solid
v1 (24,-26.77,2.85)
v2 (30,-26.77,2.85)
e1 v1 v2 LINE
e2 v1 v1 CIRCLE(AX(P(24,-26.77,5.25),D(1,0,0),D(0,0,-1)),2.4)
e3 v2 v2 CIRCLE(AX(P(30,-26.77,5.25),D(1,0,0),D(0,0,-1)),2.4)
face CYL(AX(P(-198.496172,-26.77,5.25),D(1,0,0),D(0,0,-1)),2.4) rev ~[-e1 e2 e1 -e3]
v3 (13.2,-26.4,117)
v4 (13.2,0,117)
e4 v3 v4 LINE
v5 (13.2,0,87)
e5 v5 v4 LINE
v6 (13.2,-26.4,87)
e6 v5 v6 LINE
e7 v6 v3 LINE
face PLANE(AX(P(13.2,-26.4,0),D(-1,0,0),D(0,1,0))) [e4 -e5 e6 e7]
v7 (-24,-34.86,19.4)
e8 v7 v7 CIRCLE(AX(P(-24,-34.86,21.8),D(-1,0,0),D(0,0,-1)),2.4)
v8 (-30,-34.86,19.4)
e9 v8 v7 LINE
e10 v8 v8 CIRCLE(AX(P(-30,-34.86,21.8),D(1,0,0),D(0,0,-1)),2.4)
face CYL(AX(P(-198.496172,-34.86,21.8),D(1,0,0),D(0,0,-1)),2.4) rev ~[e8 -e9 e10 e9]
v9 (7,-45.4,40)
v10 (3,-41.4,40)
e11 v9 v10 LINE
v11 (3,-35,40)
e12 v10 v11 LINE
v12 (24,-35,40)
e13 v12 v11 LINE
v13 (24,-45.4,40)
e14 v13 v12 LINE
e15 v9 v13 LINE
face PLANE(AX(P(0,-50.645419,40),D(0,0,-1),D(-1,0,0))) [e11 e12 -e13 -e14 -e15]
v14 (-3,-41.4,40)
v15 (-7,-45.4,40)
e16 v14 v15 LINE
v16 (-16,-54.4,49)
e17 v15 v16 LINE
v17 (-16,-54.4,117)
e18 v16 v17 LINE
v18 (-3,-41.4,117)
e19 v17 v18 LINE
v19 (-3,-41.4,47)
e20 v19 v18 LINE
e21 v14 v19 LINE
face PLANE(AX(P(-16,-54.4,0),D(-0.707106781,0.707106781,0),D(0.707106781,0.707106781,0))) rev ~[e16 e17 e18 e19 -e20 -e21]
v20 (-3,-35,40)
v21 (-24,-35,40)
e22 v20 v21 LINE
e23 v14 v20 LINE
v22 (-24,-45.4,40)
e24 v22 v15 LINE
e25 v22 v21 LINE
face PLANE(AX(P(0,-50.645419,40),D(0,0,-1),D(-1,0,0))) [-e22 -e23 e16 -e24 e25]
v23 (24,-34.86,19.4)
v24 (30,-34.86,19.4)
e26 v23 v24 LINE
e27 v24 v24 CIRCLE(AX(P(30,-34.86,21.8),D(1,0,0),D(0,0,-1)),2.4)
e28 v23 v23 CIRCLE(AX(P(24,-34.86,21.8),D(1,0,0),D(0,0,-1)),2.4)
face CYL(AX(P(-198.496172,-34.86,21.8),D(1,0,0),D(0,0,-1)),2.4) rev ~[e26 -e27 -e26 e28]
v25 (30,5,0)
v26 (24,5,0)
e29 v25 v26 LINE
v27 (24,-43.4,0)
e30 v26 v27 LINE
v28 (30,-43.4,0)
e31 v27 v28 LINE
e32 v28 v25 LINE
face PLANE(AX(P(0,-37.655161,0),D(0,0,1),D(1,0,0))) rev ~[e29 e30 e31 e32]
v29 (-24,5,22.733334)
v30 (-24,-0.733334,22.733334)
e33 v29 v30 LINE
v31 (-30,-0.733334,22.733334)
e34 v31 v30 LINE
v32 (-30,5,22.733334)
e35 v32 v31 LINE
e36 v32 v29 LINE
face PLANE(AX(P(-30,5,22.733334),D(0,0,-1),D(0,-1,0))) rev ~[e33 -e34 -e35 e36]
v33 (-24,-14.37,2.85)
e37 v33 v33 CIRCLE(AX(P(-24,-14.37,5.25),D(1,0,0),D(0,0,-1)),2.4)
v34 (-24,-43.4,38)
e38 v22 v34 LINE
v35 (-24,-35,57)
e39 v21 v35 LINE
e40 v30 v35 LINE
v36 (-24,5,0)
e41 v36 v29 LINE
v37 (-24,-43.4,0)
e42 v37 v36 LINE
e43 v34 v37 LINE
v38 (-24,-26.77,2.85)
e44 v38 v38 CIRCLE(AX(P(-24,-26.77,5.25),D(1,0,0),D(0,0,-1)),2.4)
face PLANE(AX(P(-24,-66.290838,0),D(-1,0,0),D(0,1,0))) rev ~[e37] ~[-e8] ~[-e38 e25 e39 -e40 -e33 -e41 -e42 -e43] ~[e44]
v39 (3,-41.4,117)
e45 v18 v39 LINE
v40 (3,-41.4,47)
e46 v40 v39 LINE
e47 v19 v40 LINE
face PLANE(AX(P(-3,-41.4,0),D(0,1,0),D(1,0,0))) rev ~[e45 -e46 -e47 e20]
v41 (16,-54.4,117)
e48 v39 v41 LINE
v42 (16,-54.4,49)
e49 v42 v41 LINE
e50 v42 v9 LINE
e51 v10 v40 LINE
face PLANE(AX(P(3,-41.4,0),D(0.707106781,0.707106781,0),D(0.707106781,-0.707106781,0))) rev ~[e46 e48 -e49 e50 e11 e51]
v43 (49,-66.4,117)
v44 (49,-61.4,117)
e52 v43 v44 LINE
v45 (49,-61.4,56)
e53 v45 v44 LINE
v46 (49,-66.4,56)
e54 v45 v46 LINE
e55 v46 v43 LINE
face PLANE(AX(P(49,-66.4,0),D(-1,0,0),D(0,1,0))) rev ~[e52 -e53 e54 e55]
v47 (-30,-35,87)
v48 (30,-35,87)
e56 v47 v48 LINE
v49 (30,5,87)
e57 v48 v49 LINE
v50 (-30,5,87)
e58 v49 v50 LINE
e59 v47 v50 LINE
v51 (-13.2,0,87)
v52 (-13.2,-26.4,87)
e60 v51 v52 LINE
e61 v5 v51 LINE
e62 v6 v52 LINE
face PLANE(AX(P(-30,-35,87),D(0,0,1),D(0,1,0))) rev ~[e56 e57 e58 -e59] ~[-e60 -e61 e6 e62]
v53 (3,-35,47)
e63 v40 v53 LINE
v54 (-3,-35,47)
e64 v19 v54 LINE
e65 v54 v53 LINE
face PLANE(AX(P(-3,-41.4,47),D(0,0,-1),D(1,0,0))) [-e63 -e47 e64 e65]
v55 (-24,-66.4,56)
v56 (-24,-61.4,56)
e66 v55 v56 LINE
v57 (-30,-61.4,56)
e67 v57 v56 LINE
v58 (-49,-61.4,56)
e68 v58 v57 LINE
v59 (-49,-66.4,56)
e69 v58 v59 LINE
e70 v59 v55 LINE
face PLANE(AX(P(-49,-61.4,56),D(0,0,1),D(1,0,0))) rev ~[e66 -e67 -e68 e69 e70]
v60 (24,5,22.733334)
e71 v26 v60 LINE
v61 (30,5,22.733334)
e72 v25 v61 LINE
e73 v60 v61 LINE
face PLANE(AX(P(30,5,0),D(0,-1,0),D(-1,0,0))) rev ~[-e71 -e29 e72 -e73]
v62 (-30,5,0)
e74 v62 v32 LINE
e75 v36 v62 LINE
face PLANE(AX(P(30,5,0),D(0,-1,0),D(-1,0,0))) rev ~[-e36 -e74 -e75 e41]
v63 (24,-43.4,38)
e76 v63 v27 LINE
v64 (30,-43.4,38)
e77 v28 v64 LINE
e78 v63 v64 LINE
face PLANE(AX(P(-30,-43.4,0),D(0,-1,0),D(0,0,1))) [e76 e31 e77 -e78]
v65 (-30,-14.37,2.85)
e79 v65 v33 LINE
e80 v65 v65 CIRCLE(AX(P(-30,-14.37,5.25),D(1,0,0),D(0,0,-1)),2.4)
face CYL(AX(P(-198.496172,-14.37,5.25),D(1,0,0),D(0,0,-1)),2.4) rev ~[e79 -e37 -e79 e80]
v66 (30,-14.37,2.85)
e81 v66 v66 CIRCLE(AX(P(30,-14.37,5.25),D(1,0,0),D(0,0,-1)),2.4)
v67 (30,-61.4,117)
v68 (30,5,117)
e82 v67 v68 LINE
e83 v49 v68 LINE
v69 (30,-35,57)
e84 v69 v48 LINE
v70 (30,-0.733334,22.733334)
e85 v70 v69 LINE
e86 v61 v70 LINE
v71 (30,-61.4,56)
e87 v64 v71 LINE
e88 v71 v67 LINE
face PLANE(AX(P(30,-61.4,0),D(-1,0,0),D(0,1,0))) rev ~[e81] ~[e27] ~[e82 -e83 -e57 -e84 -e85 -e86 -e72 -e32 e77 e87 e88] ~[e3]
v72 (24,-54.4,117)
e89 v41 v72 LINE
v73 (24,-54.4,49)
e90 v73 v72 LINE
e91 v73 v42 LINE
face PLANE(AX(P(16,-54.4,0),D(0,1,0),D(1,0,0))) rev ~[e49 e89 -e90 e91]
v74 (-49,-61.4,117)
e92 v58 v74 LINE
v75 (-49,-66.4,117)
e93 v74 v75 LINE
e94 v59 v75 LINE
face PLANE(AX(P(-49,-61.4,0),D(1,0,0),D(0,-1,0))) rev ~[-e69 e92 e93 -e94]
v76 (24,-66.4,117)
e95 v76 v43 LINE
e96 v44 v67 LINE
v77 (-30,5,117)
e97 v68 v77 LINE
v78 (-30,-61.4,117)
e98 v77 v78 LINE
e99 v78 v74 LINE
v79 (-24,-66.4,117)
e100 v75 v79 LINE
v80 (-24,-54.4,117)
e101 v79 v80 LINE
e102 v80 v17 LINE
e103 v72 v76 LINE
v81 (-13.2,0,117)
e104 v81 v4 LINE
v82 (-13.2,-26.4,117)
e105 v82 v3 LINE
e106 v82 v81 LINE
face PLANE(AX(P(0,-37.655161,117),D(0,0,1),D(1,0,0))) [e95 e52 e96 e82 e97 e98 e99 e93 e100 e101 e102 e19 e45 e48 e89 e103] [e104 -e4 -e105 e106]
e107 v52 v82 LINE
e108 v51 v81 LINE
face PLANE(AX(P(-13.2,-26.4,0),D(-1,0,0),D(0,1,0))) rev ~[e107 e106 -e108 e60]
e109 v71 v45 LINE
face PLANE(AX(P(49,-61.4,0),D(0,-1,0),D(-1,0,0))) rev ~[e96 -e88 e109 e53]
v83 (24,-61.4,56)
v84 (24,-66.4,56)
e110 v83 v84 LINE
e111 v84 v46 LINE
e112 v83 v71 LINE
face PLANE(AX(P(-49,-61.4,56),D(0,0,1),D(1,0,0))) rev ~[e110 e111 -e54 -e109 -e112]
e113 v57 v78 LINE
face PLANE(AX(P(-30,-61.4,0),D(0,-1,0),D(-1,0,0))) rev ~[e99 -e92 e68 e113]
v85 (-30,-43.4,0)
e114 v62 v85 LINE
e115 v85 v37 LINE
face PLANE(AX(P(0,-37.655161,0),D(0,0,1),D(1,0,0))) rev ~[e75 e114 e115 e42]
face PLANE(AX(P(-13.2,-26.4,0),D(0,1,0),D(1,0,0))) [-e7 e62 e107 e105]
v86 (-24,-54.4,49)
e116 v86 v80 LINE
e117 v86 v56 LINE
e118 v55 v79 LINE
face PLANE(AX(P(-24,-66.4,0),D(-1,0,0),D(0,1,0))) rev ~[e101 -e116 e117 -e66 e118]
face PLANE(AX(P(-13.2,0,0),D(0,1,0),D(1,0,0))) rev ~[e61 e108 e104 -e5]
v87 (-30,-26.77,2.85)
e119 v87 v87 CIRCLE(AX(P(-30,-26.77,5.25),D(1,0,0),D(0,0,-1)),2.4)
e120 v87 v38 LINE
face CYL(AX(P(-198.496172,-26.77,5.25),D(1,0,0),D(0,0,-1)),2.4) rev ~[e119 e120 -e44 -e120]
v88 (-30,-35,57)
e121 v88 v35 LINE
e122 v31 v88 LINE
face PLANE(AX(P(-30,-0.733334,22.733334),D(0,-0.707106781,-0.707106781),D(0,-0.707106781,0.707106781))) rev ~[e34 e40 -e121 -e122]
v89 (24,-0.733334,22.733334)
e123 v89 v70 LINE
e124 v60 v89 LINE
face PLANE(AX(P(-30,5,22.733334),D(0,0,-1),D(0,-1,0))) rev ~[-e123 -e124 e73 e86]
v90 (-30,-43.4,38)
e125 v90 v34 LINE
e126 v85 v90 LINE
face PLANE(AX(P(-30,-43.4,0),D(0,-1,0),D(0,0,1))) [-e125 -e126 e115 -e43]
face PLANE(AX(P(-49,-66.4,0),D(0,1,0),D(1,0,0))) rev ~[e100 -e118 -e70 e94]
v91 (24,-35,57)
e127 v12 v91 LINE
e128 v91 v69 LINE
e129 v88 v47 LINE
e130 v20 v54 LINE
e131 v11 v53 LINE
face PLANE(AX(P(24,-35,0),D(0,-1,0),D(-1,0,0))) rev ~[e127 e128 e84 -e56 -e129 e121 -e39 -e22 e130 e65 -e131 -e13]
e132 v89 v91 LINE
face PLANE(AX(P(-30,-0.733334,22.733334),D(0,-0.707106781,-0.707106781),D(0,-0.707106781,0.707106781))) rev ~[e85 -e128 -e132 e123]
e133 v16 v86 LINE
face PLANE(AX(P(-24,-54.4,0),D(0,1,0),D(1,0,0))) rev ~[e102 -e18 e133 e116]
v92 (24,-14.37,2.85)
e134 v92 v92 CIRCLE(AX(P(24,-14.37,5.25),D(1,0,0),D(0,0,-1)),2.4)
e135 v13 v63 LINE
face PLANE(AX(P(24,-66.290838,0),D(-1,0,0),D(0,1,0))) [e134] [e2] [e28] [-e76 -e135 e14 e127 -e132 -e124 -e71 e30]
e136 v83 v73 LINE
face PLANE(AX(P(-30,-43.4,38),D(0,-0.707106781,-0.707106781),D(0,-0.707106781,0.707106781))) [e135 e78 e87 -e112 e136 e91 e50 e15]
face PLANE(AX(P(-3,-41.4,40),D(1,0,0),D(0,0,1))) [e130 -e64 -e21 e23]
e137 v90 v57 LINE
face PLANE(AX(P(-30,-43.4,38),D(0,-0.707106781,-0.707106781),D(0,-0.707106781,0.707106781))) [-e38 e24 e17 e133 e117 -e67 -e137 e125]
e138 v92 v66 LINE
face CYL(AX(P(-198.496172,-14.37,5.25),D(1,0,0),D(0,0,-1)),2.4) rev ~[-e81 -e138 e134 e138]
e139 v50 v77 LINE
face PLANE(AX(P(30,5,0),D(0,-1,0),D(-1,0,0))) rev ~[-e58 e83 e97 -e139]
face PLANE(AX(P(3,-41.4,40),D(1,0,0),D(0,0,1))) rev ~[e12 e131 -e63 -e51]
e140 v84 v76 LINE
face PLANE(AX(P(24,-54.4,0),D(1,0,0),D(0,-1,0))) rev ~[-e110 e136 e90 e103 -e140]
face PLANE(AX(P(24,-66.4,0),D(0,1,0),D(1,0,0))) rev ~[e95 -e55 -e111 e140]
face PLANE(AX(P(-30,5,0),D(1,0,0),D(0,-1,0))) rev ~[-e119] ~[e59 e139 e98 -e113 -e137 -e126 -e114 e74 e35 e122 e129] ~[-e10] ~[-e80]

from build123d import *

# Parameters (mm, degrees)
SKETCH1_W            = 26.4
SKETCH1_H            = 26.4
BOSS_EXTRUDE1_DEPTH  = 117
SKETCH60_W           = 48
SKETCH60_H           = 40
CUT_EXTRUDE1_DEPTH   = 87
CUT_EXTRUDE2_DEPTH   = 157.009486891
M4_CLEARANCE_HOLE1_D = 4.8
SKETCH66_W           = 48
SKETCH66_H           = 31.290838495
CUT_EXTRUDE3_DEPTH   = 40
CUT_EXTRUDE5_DEPTH   = 157.009486891
SKETCH69_W           = 98
SKETCH69_H           = 56
CUT_EXTRUDE6_DEPTH   = 144.174578749
SKETCH70_W           = 6
SKETCH70_H           = 7
CUT_EXTRUDE7_DEPTH   = 136.066502139


with BuildPart() as part:
    # Sketch1 → Boss-Extrude1 (new body)
    with BuildSketch(Plane.XY):
        Polygon((-3, -41.4), (3, -41.4), (16, -54.4), (24, -54.4), (24, -66.4), (49, -66.4), (49, -61.4), (30, -61.4), (30, 5), (-30, 5), (-30, -61.4), (-49, -61.4), (-49, -66.4), (-24, -66.4), (-24, -54.4), (-16, -54.4), align=None)
        with Locations((0, -13.2)):
            Rectangle(SKETCH1_W, SKETCH1_H, mode=Mode.SUBTRACT)
    extrude(amount=BOSS_EXTRUDE1_DEPTH)

    # Sketch60 → Cut-Extrude1 (cut)
    with BuildSketch(Plane(origin=(0, 0, 0), x_dir=(-1, 0, 0), z_dir=(0, 0, -1))):
        with Locations((0, -15)):
            Rectangle(SKETCH60_W, SKETCH60_H)
    extrude(amount=-CUT_EXTRUDE1_DEPTH, mode=Mode.SUBTRACT)

    # Sketch61 → Cut-Extrude2 (cut, through all)
    with BuildSketch(Plane.ZY.offset(30)):
        Polygon((0, -43.4), (38, -43.4), (56, -61.4), (0, -61.4), align=None)
    extrude(amount=-CUT_EXTRUDE2_DEPTH, mode=Mode.SUBTRACT)

    # M4 Clearance Hole1 (through all)
    with Locations(Plane.ZY.offset(30)):
        with Locations((5.25, -14.37), (5.25, -26.77), (21.8, -34.86)):
            Hole(M4_CLEARANCE_HOLE1_D / 2)

    # Sketch66 → Cut-Extrude3 (cut)
    with BuildSketch(Plane(origin=(0, 0, 0), x_dir=(-1, 0, 0), z_dir=(0, 0, -1))):
        with Locations((0, -50.645419248)):
            Rectangle(SKETCH66_W, SKETCH66_H)
    extrude(amount=-CUT_EXTRUDE3_DEPTH, mode=Mode.SUBTRACT)

    # Sketch68 → Cut-Extrude5 (cut, through all)
    with BuildSketch(Plane.ZY.offset(30)):
        Polygon((22.733334145, -0.733334145), (57, -35), (87, -35), (87, 5), (22.733334145, 5), align=None)
    extrude(amount=-CUT_EXTRUDE5_DEPTH, mode=Mode.SUBTRACT)

    # Sketch69 → Cut-Extrude6 (cut, through all)
    with BuildSketch(Plane(origin=(0, -61.4, 0), x_dir=(1, 0, 0), z_dir=(0, 1, 0))):
        with Locations((0, -28)):
            Rectangle(SKETCH69_W, SKETCH69_H)
    extrude(amount=-CUT_EXTRUDE6_DEPTH, mode=Mode.SUBTRACT)

    # Sketch70 → Cut-Extrude7 (cut, through all)
    with BuildSketch(Plane.XZ.offset(41.4)):
        with Locations((0, 43.5)):
            Rectangle(SKETCH70_W, SKETCH70_H)
    extrude(amount=-CUT_EXTRUDE7_DEPTH, mode=Mode.SUBTRACT)


solid = part.part
